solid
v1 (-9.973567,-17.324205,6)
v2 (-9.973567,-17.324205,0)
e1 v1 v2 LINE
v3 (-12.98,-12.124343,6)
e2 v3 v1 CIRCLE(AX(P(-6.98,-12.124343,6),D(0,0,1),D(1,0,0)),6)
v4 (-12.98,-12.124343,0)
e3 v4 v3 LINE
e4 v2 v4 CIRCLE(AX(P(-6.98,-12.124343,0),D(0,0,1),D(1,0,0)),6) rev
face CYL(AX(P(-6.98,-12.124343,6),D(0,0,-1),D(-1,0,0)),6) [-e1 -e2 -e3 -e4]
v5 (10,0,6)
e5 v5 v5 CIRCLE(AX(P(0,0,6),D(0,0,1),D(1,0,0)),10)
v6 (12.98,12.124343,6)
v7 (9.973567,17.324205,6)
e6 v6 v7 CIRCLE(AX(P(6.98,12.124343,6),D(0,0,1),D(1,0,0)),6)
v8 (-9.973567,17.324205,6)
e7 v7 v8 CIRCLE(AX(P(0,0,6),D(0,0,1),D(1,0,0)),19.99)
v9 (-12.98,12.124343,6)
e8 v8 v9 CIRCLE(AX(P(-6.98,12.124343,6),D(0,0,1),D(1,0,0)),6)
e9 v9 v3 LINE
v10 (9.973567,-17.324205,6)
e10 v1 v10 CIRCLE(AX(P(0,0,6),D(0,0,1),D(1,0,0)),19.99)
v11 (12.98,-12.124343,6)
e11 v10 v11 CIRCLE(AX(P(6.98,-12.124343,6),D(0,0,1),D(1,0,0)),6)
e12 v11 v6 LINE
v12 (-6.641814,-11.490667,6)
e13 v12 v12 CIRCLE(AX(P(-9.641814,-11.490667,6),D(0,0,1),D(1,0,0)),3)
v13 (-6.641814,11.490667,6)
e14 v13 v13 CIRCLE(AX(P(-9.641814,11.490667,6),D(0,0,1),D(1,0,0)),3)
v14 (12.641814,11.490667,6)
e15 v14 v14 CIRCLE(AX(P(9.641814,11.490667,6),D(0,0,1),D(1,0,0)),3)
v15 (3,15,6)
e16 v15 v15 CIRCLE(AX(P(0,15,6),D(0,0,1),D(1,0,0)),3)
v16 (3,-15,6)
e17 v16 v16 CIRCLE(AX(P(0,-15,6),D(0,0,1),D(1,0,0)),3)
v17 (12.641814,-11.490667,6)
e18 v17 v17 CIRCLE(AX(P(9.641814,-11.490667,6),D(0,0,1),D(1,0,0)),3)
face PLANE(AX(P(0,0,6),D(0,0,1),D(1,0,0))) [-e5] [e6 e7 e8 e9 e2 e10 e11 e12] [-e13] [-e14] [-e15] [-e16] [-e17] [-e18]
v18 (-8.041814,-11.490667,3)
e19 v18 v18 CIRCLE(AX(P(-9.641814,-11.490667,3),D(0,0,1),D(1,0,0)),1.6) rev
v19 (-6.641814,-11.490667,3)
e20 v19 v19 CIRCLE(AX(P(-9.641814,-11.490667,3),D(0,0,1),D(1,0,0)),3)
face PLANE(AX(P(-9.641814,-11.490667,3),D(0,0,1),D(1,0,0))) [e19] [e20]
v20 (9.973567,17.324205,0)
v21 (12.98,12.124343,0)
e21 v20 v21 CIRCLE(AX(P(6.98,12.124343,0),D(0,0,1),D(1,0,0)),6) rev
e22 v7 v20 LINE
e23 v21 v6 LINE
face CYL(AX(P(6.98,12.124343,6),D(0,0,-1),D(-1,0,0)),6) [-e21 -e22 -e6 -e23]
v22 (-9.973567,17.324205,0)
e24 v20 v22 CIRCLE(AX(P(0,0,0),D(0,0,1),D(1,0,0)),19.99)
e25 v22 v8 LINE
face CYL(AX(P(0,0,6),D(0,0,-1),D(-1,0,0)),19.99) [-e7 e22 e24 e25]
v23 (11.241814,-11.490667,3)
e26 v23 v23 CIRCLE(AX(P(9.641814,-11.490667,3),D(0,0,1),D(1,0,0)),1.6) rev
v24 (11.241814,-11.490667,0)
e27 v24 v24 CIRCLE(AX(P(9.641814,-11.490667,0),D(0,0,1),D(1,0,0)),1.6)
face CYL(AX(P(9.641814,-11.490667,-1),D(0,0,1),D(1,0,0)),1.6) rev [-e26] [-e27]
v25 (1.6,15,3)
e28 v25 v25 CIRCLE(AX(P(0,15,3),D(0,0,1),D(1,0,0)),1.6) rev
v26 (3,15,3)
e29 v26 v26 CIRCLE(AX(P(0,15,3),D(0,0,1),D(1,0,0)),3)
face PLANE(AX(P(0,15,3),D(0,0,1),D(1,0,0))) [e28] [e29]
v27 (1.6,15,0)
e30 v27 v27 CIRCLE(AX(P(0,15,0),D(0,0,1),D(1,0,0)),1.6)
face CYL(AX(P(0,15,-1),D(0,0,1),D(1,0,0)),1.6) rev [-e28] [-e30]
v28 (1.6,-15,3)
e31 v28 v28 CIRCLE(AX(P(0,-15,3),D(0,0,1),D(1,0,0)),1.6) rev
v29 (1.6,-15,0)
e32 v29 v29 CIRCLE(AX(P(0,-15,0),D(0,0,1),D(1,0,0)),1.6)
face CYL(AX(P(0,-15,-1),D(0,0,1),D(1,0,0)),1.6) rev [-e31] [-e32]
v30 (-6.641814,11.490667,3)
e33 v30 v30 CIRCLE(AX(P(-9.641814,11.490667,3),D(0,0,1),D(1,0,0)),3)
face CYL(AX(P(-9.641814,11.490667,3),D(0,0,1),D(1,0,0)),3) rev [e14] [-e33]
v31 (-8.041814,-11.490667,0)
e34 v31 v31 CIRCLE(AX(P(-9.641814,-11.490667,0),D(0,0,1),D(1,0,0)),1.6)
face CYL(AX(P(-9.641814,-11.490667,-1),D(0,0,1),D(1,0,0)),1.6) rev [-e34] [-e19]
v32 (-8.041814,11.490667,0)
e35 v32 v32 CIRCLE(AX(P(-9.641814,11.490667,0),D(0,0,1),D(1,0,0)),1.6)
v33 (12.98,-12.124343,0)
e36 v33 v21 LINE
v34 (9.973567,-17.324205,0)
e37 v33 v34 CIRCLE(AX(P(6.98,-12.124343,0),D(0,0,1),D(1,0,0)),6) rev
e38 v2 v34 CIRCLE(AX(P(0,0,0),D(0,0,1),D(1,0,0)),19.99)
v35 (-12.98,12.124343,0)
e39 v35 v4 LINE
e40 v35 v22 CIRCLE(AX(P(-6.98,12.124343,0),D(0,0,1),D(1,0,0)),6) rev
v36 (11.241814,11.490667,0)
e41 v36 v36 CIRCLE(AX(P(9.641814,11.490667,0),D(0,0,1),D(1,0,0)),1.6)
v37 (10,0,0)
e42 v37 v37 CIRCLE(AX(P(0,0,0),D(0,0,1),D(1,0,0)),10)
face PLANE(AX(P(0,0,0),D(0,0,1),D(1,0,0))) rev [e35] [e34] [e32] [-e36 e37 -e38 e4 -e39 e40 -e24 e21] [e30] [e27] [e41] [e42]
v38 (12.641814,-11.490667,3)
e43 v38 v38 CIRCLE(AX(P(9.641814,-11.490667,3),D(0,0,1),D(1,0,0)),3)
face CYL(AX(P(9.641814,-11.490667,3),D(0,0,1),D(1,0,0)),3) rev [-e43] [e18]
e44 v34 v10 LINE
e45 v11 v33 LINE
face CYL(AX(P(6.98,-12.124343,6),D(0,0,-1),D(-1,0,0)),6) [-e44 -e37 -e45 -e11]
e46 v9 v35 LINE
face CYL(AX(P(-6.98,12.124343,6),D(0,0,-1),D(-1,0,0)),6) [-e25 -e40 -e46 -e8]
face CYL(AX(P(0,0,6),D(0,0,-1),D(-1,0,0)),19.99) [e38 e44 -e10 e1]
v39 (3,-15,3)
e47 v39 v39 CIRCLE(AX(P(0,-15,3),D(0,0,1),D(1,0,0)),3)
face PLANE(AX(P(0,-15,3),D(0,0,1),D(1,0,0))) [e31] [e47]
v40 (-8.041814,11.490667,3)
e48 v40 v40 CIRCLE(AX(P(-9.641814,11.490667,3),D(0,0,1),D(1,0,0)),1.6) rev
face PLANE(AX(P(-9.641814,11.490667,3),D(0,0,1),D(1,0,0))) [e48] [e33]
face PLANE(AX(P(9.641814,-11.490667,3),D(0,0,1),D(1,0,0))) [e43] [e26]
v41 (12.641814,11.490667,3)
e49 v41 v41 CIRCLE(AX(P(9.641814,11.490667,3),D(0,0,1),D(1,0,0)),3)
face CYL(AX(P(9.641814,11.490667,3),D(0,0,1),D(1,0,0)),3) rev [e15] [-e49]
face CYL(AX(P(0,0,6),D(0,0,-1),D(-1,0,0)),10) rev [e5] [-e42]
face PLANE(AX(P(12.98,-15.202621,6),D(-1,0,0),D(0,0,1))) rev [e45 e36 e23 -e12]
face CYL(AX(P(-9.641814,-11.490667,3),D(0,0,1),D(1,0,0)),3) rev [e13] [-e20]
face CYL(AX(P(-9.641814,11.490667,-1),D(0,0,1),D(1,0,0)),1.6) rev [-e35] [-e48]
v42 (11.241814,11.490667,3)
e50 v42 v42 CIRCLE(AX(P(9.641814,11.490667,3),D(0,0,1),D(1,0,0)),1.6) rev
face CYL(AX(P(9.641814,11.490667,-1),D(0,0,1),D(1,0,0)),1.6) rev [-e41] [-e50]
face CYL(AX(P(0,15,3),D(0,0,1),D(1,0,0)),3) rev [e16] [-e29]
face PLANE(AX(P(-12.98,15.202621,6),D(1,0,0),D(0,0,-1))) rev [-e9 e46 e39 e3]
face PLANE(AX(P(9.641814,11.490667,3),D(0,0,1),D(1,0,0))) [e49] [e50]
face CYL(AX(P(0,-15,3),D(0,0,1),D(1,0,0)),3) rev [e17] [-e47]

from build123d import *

# Parameters (mm, degrees)
SKETCH_1_R          = 10
EXTRUDE_1_DEPTH     = 6
SKETCH_2_R          = 1.6
CUT_EXTRUDE_1_DEPTH = 7
FILLET_1_R          = 6
FILLET_2_R          = 6
FILLET_3_R          = 6
FILLET_4_R          = 6
SKETCH_3_R          = 3
CUT_EXTRUDE_2_DEPTH = 3


with BuildPart() as part:
    # 草图1 → 拉伸1 (new body)
    with BuildSketch(Plane.XY):
        with BuildLine():
            Line((-12.98, 15.202621484), (-12.98, -15.202621484))
            ThreePointArc((-12.98, -15.202621484), (0, -19.99), (12.98, -15.202621484))
            Line((12.98, -15.202621484), (12.98, 15.202621484))
            ThreePointArc((12.98, 15.202621484), (0, 19.99), (-12.98, 15.202621484))
        make_face()
        Circle(SKETCH_1_R, mode=Mode.SUBTRACT)
    extrude(amount=EXTRUDE_1_DEPTH)

    # 草图2 → 切除-拉伸1 (cut)
    with BuildSketch(Plane.XY.offset(6)):
        with Locations((-9.641814145, 11.490666647)):
            Circle(SKETCH_2_R)
        with Locations((0, 15)):
            Circle(SKETCH_2_R)
        with Locations((9.641814145, 11.490666647)):
            Circle(SKETCH_2_R)
        with Locations((-9.641814145, -11.490666647)):
            Circle(SKETCH_2_R)
        with Locations((0, -15)):
            Circle(SKETCH_2_R)
        with Locations((9.641814145, -11.490666647)):
            Circle(SKETCH_2_R)
    extrude(amount=-CUT_EXTRUDE_1_DEPTH, mode=Mode.SUBTRACT)

    # 圆角1
    fillet_1_edges = [part.edges().sort_by_distance(p)[0] for p in [
        (-12.98, 15.202621484, 3),
    ]]
    fillet(fillet_1_edges, radius=FILLET_1_R)

    # 圆角2
    fillet_2_edges = [part.edges().sort_by_distance(p)[0] for p in [
        (12.98, 15.202621484, 3),
    ]]
    fillet(fillet_2_edges, radius=FILLET_2_R)

    # 圆角3
    fillet_3_edges = [part.edges().sort_by_distance(p)[0] for p in [
        (-12.98, -15.202621484, 3),
    ]]
    fillet(fillet_3_edges, radius=FILLET_3_R)

    # 圆角4
    fillet_4_edges = [part.edges().sort_by_distance(p)[0] for p in [
        (12.98, -15.202621484, 3),
    ]]
    fillet(fillet_4_edges, radius=FILLET_4_R)

    # 草图3 → 切除-拉伸2 (cut)
    with BuildSketch(Plane.XY.offset(6)):
        with Locations((-9.641814145, 11.490666647)):
            Circle(SKETCH_3_R)
        with Locations((0, 15)):
            Circle(SKETCH_3_R)
        with Locations((9.641814145, 11.490666647)):
            Circle(SKETCH_3_R)
        with Locations((-9.641814145, -11.490666647)):
            Circle(SKETCH_3_R)
        with Locations((0, -15)):
            Circle(SKETCH_3_R)
        with Locations((9.641814145, -11.490666647)):
            Circle(SKETCH_3_R)
    extrude(amount=-CUT_EXTRUDE_2_DEPTH, mode=Mode.SUBTRACT)


solid = part.part
